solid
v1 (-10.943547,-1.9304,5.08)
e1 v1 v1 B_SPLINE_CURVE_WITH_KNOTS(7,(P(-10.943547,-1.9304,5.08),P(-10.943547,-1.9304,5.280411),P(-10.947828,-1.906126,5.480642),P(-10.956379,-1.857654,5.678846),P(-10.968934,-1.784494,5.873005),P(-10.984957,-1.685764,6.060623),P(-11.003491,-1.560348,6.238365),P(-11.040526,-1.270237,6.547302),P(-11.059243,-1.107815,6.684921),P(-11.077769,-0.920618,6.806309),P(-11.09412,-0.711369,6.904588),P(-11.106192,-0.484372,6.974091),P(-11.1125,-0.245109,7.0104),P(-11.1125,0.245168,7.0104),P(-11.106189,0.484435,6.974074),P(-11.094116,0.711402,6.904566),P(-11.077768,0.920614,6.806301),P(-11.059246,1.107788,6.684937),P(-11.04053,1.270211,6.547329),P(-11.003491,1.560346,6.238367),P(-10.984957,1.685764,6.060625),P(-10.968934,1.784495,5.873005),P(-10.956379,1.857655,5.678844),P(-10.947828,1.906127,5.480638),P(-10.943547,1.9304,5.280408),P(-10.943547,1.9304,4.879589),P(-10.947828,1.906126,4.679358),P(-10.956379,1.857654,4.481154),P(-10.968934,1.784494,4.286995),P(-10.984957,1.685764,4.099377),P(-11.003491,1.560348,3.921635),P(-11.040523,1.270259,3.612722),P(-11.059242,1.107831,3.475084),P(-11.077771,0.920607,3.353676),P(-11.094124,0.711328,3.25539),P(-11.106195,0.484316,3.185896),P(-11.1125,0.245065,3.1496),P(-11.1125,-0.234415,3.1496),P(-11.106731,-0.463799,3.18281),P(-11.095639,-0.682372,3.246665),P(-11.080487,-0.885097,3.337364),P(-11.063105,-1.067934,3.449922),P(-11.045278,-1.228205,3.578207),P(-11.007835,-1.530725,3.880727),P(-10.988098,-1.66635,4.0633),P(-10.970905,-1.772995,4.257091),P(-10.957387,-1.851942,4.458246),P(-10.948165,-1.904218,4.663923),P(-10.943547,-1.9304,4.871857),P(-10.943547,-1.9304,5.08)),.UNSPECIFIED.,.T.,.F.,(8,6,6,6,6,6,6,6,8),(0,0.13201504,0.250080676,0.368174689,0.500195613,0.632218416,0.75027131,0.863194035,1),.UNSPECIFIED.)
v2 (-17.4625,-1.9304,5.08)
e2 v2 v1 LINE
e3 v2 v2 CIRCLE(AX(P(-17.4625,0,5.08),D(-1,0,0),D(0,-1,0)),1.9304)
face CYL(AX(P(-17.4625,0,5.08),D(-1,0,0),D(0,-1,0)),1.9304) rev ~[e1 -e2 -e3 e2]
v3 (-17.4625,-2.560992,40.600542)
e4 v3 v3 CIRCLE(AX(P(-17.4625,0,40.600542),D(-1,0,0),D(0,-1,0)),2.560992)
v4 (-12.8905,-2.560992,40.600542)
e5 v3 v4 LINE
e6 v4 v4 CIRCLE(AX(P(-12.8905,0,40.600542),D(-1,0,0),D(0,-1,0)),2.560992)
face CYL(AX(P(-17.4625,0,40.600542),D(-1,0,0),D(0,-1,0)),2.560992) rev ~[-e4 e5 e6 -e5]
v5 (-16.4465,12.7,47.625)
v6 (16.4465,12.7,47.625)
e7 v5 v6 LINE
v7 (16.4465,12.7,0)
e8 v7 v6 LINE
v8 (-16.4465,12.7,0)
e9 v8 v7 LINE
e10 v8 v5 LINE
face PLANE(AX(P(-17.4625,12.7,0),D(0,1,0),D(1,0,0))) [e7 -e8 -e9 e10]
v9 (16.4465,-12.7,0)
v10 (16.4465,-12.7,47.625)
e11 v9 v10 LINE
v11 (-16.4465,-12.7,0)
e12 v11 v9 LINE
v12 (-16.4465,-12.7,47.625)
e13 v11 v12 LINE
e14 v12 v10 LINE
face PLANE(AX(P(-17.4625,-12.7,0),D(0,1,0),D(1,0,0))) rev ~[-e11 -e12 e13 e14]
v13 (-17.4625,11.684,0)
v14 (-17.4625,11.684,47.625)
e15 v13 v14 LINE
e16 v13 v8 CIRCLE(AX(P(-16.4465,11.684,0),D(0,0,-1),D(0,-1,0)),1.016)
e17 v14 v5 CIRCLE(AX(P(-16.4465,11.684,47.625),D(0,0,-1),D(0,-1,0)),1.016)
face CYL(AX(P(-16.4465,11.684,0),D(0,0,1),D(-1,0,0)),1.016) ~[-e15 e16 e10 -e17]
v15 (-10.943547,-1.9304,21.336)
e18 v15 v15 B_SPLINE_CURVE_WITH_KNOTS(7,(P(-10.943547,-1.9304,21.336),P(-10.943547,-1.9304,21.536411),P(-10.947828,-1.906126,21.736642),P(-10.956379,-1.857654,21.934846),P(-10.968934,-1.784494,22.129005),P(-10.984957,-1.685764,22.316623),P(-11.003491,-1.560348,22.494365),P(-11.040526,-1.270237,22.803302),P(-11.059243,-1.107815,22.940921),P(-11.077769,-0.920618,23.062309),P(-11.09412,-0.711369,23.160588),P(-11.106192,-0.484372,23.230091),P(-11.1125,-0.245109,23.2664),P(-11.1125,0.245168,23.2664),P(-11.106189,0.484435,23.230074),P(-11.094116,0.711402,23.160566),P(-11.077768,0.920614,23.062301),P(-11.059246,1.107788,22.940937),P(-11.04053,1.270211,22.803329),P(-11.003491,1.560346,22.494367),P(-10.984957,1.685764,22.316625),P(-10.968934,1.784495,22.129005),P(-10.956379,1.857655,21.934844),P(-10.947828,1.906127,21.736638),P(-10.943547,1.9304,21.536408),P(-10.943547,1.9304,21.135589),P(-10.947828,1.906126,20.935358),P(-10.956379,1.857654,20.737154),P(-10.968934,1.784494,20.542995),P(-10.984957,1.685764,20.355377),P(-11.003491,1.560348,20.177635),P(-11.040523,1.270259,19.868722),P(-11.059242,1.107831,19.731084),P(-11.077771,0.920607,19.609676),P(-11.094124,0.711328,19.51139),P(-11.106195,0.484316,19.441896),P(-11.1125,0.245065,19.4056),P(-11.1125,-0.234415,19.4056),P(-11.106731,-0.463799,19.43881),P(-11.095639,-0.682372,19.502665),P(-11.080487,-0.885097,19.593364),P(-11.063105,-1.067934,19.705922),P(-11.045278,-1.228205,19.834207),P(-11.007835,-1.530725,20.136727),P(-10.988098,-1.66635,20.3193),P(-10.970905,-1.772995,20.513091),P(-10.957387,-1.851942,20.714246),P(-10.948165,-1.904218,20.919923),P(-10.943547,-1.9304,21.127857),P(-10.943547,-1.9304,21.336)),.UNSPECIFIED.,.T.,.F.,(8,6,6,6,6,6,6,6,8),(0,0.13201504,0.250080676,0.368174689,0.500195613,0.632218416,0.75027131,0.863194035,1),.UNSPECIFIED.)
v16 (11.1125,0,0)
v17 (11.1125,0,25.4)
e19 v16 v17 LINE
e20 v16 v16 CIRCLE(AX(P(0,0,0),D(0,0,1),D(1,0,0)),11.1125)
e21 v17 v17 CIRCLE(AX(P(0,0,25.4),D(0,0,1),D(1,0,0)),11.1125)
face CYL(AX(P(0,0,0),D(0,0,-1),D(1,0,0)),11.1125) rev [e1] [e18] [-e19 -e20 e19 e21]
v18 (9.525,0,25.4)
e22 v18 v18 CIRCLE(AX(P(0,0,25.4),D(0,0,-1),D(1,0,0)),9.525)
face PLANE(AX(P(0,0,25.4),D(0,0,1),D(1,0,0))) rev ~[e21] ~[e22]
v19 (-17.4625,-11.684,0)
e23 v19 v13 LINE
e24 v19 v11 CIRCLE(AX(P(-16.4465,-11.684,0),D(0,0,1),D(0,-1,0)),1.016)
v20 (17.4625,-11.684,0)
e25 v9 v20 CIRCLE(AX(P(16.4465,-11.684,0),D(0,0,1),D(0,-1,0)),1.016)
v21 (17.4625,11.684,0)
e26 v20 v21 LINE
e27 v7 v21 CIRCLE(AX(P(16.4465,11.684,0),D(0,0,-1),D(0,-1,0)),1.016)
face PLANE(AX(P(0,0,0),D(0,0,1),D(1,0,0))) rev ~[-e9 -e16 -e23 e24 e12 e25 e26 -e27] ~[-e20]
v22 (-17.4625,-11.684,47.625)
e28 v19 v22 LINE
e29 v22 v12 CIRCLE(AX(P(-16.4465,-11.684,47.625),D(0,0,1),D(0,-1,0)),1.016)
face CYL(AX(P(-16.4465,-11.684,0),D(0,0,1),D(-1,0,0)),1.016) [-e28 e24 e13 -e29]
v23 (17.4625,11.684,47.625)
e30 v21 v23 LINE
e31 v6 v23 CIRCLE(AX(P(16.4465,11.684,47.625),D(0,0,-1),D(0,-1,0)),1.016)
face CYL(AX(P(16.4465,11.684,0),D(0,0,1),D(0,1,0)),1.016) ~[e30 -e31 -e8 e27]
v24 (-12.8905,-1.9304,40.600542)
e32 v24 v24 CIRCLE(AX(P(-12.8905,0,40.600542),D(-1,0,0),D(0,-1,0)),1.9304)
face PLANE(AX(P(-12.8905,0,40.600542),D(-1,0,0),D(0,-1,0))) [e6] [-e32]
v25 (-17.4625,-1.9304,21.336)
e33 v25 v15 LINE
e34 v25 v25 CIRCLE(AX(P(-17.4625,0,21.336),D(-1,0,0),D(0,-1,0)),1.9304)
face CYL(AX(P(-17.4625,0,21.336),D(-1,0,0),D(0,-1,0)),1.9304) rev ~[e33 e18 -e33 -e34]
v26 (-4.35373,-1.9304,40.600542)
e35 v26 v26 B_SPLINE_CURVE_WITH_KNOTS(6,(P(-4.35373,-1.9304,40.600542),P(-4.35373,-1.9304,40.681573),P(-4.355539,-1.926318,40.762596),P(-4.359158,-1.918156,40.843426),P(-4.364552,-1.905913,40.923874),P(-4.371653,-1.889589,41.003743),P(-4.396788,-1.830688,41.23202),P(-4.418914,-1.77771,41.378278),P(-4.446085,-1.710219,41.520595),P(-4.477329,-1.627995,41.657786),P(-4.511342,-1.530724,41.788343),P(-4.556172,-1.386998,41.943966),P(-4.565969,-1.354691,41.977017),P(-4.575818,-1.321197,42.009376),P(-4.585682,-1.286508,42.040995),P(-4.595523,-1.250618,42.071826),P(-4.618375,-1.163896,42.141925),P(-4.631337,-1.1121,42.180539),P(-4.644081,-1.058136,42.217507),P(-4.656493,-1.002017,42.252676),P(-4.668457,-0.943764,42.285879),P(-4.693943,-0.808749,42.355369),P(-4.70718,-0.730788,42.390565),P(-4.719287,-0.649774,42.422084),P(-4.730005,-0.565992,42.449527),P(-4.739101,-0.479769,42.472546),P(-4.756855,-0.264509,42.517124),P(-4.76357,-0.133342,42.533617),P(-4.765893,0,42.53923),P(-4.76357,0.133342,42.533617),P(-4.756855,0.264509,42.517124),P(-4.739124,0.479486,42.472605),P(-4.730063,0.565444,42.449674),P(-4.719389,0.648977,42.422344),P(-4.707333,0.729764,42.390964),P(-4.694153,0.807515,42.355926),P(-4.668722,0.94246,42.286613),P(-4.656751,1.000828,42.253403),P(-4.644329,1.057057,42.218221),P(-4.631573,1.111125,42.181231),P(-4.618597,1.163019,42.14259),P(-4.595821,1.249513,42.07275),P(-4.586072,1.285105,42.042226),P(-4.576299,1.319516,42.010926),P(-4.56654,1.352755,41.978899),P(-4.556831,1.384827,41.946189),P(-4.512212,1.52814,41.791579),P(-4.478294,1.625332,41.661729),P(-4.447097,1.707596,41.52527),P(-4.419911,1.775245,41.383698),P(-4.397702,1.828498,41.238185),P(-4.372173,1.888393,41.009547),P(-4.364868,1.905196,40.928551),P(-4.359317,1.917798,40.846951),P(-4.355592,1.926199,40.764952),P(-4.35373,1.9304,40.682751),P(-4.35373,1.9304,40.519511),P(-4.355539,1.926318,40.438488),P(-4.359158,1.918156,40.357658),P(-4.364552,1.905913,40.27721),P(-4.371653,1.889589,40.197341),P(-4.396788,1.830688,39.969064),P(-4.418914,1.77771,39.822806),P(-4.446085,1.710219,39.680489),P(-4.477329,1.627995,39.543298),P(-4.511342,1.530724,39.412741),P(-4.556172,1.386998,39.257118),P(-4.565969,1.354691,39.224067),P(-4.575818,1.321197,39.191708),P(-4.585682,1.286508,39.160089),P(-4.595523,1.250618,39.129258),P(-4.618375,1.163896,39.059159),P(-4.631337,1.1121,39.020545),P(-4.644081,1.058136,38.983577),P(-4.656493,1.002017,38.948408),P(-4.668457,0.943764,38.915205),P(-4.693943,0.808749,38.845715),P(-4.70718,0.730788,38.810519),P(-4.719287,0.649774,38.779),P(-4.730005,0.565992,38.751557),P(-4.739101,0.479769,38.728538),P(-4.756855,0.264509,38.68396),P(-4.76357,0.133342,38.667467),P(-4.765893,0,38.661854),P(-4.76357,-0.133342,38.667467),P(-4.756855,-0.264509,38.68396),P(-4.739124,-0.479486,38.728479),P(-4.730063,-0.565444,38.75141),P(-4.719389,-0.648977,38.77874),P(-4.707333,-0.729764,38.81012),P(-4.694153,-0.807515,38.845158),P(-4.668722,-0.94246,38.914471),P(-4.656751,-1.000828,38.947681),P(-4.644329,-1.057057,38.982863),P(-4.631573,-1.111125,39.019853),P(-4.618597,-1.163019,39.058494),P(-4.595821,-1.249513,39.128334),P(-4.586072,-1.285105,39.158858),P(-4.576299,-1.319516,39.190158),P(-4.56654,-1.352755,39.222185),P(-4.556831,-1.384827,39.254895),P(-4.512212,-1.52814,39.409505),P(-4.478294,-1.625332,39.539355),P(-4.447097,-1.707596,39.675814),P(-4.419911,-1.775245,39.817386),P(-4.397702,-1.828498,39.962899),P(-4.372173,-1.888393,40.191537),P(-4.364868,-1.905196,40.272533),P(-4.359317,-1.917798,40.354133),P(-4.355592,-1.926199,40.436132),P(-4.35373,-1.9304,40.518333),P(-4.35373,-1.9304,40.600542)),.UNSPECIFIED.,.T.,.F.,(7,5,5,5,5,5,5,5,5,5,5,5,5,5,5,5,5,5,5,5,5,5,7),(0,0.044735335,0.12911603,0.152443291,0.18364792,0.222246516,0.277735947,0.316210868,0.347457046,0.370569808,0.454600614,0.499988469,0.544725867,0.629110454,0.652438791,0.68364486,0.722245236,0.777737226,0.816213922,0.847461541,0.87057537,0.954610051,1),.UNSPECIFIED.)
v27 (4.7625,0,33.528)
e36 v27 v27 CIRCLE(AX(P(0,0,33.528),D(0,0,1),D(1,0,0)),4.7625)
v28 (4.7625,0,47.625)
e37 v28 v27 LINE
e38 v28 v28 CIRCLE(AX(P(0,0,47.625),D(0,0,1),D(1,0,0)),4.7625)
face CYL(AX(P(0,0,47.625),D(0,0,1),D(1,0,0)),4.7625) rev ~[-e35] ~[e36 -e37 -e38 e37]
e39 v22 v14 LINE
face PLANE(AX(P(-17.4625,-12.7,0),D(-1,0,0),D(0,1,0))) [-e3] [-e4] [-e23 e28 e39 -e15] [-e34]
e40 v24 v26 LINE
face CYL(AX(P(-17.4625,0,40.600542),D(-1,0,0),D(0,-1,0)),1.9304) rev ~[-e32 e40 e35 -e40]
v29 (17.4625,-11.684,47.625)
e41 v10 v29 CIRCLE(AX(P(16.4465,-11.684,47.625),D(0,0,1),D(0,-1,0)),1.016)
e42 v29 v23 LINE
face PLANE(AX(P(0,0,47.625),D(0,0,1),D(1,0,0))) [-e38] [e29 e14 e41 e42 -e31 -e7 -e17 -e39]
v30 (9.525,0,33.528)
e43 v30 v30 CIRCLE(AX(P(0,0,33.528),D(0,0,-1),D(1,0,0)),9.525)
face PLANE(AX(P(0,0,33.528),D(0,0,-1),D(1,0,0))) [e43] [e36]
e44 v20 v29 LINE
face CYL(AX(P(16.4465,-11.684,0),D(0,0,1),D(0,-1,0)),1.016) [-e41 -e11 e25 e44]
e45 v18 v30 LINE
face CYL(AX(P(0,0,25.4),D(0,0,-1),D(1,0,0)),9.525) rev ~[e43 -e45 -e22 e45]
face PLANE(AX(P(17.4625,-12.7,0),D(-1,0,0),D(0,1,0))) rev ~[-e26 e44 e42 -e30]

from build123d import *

# Parameters (mm, degrees)
F0_W      = 34.925
F0_H      = 25.4
F1_DEPTH  = 47.625
F2_R      = 11.1125
F3_DEPTH  = 25.4
F4_R      = 9.525
F5_DEPTH  = 8.128
F6_R      = 4.7625
F7_DEPTH  = 25.4
F8_R      = 1.9304
F9_DEPTH  = 16.77604
F10_R     = 1.016
F11_R     = 2.560992
F12_DEPTH = 4.572


with BuildPart() as f1:
    # F0 (on Top) → F1 (new body)
    with BuildSketch(Plane.XY):
        Rectangle(F0_W, F0_H)
    extrude(amount=F1_DEPTH)

    # F2 (on Top) → F3 (cut)
    with BuildSketch(Plane.XY):
        Circle(F2_R)
    extrude(amount=F3_DEPTH, mode=Mode.SUBTRACT)

    # F4 (on face) → F5 (cut)
    with BuildSketch(Plane(origin=(0, 0, 25.4), x_dir=(1, 0, 0), z_dir=(0, 0, -1))):
        Circle(F4_R)
    extrude(amount=-F5_DEPTH, mode=Mode.SUBTRACT)

    # F6 (on face) → F7 (cut)
    with BuildSketch(Plane.XY.offset(47.625)):
        Circle(F6_R)
    extrude(amount=-F7_DEPTH, mode=Mode.SUBTRACT)

    # F8 (on face) → F9 (cut)
    with BuildSketch(Plane(origin=(-17.4625, 0, 0), x_dir=(0, -1, 0), z_dir=(-1, 0, 0))):
        with Locations((0, 21.336)):
            Circle(F8_R)
        with Locations((0, 5.08)):
            Circle(F8_R)
        with Locations((0, 40.600542)):
            Circle(F8_R)
    extrude(amount=-F9_DEPTH, mode=Mode.SUBTRACT)

    # F10
    f10_edges = [f1.edges().sort_by_distance(p)[0] for p in [
        (-17.4625, -12.7, 23.8125),
        (17.4625, -12.7, 23.8125),
        (-17.4625, 12.7, 23.8125),
        (17.4625, 12.7, 23.8125),
    ]]
    fillet(f10_edges, radius=F10_R)

    # F11 (on face) → F12 (cut)
    with BuildSketch(Plane(origin=(-17.4625, 0, 0), x_dir=(0, -1, 0), z_dir=(-1, 0, 0))):
        with Locations((0, 40.600542)):
            Circle(F11_R)
    extrude(amount=-F12_DEPTH, mode=Mode.SUBTRACT)


solid = f1.part
